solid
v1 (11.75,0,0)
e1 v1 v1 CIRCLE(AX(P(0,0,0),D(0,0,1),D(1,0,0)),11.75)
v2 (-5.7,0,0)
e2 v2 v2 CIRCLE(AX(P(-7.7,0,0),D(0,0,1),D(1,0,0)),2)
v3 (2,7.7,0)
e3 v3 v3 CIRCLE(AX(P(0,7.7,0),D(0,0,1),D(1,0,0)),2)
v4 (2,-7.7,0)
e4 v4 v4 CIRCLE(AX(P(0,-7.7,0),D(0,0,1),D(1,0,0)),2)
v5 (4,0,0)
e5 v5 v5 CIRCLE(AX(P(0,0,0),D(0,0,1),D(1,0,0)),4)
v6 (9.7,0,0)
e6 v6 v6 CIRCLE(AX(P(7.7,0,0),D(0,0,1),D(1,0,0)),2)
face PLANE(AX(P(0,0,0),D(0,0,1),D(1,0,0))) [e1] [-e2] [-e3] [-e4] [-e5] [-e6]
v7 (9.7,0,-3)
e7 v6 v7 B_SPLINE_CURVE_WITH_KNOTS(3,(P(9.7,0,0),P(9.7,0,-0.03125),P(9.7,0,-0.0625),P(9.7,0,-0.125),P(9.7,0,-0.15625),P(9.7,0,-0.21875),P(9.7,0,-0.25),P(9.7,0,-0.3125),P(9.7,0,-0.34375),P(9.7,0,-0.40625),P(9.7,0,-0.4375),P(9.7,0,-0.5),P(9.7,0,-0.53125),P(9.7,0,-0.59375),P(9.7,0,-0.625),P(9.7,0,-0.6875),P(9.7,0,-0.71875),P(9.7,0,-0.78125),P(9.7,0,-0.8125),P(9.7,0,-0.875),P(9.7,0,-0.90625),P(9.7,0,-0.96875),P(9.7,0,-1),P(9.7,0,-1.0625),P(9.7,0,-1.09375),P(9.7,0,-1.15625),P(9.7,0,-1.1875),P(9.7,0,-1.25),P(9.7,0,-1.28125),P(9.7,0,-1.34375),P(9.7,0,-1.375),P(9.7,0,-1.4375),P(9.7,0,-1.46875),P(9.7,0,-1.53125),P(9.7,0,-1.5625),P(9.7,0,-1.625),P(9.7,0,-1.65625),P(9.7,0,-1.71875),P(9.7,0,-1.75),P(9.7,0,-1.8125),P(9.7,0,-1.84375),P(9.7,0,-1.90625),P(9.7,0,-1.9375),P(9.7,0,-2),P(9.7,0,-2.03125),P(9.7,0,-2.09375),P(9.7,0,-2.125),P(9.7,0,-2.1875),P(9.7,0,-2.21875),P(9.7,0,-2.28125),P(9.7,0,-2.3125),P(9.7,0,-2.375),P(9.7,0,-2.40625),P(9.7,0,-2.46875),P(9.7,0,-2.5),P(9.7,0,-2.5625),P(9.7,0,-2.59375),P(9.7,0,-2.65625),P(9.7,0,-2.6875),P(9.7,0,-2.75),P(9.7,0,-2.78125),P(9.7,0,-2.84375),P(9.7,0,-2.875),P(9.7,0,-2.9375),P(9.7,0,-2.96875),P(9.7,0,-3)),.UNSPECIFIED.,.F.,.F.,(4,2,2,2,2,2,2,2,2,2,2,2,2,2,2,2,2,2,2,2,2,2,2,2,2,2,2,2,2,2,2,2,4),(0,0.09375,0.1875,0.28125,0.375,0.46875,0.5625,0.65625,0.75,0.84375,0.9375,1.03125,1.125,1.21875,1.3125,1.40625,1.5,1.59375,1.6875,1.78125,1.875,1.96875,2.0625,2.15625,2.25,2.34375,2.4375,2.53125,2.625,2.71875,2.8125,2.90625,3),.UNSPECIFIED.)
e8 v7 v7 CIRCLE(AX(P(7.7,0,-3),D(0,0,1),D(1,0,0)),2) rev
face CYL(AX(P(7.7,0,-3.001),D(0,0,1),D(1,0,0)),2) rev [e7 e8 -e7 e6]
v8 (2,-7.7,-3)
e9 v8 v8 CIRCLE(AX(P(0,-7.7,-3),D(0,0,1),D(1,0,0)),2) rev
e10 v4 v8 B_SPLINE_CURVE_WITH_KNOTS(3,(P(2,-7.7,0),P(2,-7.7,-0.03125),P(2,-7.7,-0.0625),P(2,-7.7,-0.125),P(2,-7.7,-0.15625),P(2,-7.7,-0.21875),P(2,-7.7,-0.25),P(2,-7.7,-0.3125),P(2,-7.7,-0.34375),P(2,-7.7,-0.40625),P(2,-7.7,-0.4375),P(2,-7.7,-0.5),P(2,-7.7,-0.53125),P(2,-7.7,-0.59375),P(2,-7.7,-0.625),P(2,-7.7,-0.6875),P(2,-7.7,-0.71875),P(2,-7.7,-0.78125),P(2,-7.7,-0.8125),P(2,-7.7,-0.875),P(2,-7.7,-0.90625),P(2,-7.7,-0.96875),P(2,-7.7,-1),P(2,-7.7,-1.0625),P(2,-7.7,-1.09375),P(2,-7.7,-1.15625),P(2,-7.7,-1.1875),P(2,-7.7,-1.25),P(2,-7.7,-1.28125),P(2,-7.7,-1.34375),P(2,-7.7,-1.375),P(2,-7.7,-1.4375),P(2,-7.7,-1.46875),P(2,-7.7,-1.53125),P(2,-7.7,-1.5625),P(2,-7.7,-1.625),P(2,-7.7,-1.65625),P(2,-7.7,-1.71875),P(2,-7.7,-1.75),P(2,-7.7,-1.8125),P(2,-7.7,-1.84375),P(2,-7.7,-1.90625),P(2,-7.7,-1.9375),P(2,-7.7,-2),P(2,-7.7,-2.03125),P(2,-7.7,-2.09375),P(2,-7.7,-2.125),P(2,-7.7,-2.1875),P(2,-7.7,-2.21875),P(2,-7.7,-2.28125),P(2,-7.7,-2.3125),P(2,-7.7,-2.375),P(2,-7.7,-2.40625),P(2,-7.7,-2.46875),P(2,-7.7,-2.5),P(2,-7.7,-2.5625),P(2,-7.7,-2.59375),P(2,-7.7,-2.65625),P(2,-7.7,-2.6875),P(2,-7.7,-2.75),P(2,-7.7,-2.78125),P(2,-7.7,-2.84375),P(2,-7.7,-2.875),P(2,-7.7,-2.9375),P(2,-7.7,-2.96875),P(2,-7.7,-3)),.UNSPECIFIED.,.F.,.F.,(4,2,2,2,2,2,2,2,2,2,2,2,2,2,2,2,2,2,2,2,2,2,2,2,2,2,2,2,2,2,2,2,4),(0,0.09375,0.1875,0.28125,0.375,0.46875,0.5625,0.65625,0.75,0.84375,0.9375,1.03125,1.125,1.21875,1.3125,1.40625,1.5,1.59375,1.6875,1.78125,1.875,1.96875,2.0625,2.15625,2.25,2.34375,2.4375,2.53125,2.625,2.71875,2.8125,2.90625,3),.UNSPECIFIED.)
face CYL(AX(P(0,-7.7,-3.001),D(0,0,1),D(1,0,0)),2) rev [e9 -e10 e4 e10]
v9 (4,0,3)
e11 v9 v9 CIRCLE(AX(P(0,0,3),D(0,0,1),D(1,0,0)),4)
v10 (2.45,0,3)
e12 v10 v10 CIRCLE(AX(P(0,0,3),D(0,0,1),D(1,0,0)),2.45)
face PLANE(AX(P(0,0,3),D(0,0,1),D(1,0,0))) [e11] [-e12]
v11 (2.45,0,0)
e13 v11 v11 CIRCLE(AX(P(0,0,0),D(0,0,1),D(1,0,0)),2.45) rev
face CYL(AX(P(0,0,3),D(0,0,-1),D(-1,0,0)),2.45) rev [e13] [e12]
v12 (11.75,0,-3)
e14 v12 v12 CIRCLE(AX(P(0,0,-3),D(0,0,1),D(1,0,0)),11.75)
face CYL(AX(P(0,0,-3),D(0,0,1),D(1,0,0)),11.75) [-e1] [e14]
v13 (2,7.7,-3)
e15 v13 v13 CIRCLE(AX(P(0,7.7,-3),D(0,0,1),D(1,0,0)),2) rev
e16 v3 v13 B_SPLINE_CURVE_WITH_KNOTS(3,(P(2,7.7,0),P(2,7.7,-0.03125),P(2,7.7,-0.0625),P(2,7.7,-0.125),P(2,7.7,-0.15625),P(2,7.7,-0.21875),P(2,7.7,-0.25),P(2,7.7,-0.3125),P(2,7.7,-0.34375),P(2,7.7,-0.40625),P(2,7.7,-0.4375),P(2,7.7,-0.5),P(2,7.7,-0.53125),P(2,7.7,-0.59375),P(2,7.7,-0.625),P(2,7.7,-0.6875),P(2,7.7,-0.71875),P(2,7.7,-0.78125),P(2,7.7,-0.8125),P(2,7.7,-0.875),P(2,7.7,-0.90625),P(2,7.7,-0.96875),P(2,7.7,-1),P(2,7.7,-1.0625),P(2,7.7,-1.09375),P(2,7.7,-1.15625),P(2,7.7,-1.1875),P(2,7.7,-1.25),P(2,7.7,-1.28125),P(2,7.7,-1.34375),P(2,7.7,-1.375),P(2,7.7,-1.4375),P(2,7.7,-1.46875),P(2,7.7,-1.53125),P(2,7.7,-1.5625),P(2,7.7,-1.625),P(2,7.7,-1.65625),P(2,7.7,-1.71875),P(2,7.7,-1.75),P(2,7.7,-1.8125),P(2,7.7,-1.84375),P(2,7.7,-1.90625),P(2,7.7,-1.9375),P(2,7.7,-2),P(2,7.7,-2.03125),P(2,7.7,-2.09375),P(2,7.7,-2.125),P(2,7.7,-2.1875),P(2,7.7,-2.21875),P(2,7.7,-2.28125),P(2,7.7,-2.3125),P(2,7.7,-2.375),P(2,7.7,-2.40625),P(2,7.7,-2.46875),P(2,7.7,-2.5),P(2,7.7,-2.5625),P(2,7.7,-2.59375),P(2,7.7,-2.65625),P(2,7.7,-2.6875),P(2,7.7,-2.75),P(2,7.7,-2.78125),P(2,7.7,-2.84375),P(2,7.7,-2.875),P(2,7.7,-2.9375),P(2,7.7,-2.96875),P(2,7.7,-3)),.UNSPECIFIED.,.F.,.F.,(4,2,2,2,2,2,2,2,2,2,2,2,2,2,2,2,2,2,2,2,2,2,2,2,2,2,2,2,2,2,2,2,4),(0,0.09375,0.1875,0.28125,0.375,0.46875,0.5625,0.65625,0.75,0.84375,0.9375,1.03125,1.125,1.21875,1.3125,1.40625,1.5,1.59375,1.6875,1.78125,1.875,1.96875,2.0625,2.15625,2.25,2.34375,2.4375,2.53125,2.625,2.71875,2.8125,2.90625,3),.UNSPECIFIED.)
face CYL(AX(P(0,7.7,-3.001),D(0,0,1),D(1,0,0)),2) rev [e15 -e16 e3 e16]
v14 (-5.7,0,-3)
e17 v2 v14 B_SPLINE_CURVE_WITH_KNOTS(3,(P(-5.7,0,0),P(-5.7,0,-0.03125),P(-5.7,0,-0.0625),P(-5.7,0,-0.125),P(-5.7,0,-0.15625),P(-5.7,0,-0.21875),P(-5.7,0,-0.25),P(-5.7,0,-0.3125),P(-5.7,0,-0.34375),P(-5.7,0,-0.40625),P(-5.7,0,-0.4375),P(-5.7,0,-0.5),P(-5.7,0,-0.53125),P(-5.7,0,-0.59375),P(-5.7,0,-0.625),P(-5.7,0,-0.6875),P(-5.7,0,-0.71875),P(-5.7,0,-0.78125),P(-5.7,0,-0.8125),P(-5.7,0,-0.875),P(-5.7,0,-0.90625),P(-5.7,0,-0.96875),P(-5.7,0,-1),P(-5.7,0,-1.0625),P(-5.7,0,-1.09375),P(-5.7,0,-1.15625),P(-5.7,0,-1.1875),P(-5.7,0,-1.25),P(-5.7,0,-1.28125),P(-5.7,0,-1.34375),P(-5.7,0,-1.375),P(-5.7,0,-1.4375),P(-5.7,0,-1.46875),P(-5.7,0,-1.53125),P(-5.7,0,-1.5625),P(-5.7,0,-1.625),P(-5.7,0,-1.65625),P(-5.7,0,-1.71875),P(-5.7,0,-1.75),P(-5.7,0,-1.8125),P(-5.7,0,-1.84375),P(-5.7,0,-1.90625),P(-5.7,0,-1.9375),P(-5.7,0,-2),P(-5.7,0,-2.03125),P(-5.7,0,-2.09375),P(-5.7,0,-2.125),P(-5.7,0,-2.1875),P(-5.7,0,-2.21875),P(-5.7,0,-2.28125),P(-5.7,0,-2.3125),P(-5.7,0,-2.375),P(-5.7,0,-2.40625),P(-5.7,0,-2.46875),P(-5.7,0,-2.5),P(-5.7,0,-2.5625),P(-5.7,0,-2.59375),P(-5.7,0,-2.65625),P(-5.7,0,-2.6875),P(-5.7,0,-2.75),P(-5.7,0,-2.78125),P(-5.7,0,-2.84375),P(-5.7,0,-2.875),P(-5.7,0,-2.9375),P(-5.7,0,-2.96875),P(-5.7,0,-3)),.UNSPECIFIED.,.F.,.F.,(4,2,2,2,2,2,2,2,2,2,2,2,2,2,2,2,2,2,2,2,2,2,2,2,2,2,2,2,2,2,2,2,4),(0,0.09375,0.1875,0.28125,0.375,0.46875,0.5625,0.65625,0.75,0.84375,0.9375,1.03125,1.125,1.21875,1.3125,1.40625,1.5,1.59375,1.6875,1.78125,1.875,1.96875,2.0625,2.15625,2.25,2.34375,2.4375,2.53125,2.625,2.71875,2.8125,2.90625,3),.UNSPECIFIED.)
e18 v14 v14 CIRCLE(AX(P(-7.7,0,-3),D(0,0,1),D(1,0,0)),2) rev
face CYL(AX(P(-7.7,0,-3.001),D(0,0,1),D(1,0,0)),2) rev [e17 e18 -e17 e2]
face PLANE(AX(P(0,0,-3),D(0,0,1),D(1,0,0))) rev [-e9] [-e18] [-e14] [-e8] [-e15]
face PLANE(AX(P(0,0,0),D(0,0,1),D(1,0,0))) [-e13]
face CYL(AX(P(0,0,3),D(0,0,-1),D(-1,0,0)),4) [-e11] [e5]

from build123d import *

# Parameters (mm, degrees)
SKIZZE1_R                       = 11.75
AUFSATZ_LINEAR_AUSTRAGEN1_DEPTH = 3
SKIZZE2_R                       = 4
SKIZZE2_R_2                     = 2.45
AUFSATZ_LINEAR_AUSTRAGEN2_DEPTH = 3
SCHNITT_LINEAR_AUSTRAGEN1_REACH = 18.886
SKIZZE3_R                       = 2


with BuildPart() as part:
    # Skizze1 → Aufsatz-Linear austragen1 (new body)
    with BuildSketch(Plane.XY):
        Circle(SKIZZE1_R)
    extrude(amount=-AUFSATZ_LINEAR_AUSTRAGEN1_DEPTH)

    # Skizze2 → Aufsatz-Linear austragen2 (add)
    with BuildSketch(Plane.XY):
        Circle(SKIZZE2_R)
        Circle(SKIZZE2_R_2, mode=Mode.SUBTRACT)
    extrude(amount=AUFSATZ_LINEAR_AUSTRAGEN2_DEPTH)

    # Skizze3 → Schnitt-Linear austragen1 (cut, up to next)
    with BuildSketch(Plane.XY, mode=Mode.PRIVATE) as schnitt_linear_austragen1_sk1:
        with Locations((0, 7.7)):
            Circle(SKIZZE3_R)
    schnitt_linear_austragen1_tool1 = extrude(schnitt_linear_austragen1_sk1.sketch, amount=-SCHNITT_LINEAR_AUSTRAGEN1_REACH, mode=Mode.PRIVATE) & part.part
    # Skizze3 → Schnitt-Linear austragen1 (cut, up to next)
    with BuildSketch(Plane.XY, mode=Mode.PRIVATE) as schnitt_linear_austragen1_sk2:
        with Locations((7.7, 0)):
            Circle(SKIZZE3_R)
    schnitt_linear_austragen1_tool2 = extrude(schnitt_linear_austragen1_sk2.sketch, amount=-SCHNITT_LINEAR_AUSTRAGEN1_REACH, mode=Mode.PRIVATE) & part.part
    # Skizze3 → Schnitt-Linear austragen1 (cut, up to next)
    with BuildSketch(Plane.XY, mode=Mode.PRIVATE) as schnitt_linear_austragen1_sk3:
        with Locations((0, -7.7)):
            Circle(SKIZZE3_R)
    schnitt_linear_austragen1_tool3 = extrude(schnitt_linear_austragen1_sk3.sketch, amount=-SCHNITT_LINEAR_AUSTRAGEN1_REACH, mode=Mode.PRIVATE) & part.part
    # Skizze3 → Schnitt-Linear austragen1 (cut, up to next)
    with BuildSketch(Plane.XY, mode=Mode.PRIVATE) as schnitt_linear_austragen1_sk4:
        with Locations((-7.7, 0)):
            Circle(SKIZZE3_R)
    schnitt_linear_austragen1_tool4 = extrude(schnitt_linear_austragen1_sk4.sketch, amount=-SCHNITT_LINEAR_AUSTRAGEN1_REACH, mode=Mode.PRIVATE) & part.part
    add(schnitt_linear_austragen1_tool1.solids().sort_by_distance((0, 7.7, 0))[0], mode=Mode.SUBTRACT)
    add(schnitt_linear_austragen1_tool2.solids().sort_by_distance((7.7, 0, 0))[0], mode=Mode.SUBTRACT)
    add(schnitt_linear_austragen1_tool3.solids().sort_by_distance((0, -7.7, 0))[0], mode=Mode.SUBTRACT)
    add(schnitt_linear_austragen1_tool4.solids().sort_by_distance((-7.7, 0, 0))[0], mode=Mode.SUBTRACT)


solid = part.part
